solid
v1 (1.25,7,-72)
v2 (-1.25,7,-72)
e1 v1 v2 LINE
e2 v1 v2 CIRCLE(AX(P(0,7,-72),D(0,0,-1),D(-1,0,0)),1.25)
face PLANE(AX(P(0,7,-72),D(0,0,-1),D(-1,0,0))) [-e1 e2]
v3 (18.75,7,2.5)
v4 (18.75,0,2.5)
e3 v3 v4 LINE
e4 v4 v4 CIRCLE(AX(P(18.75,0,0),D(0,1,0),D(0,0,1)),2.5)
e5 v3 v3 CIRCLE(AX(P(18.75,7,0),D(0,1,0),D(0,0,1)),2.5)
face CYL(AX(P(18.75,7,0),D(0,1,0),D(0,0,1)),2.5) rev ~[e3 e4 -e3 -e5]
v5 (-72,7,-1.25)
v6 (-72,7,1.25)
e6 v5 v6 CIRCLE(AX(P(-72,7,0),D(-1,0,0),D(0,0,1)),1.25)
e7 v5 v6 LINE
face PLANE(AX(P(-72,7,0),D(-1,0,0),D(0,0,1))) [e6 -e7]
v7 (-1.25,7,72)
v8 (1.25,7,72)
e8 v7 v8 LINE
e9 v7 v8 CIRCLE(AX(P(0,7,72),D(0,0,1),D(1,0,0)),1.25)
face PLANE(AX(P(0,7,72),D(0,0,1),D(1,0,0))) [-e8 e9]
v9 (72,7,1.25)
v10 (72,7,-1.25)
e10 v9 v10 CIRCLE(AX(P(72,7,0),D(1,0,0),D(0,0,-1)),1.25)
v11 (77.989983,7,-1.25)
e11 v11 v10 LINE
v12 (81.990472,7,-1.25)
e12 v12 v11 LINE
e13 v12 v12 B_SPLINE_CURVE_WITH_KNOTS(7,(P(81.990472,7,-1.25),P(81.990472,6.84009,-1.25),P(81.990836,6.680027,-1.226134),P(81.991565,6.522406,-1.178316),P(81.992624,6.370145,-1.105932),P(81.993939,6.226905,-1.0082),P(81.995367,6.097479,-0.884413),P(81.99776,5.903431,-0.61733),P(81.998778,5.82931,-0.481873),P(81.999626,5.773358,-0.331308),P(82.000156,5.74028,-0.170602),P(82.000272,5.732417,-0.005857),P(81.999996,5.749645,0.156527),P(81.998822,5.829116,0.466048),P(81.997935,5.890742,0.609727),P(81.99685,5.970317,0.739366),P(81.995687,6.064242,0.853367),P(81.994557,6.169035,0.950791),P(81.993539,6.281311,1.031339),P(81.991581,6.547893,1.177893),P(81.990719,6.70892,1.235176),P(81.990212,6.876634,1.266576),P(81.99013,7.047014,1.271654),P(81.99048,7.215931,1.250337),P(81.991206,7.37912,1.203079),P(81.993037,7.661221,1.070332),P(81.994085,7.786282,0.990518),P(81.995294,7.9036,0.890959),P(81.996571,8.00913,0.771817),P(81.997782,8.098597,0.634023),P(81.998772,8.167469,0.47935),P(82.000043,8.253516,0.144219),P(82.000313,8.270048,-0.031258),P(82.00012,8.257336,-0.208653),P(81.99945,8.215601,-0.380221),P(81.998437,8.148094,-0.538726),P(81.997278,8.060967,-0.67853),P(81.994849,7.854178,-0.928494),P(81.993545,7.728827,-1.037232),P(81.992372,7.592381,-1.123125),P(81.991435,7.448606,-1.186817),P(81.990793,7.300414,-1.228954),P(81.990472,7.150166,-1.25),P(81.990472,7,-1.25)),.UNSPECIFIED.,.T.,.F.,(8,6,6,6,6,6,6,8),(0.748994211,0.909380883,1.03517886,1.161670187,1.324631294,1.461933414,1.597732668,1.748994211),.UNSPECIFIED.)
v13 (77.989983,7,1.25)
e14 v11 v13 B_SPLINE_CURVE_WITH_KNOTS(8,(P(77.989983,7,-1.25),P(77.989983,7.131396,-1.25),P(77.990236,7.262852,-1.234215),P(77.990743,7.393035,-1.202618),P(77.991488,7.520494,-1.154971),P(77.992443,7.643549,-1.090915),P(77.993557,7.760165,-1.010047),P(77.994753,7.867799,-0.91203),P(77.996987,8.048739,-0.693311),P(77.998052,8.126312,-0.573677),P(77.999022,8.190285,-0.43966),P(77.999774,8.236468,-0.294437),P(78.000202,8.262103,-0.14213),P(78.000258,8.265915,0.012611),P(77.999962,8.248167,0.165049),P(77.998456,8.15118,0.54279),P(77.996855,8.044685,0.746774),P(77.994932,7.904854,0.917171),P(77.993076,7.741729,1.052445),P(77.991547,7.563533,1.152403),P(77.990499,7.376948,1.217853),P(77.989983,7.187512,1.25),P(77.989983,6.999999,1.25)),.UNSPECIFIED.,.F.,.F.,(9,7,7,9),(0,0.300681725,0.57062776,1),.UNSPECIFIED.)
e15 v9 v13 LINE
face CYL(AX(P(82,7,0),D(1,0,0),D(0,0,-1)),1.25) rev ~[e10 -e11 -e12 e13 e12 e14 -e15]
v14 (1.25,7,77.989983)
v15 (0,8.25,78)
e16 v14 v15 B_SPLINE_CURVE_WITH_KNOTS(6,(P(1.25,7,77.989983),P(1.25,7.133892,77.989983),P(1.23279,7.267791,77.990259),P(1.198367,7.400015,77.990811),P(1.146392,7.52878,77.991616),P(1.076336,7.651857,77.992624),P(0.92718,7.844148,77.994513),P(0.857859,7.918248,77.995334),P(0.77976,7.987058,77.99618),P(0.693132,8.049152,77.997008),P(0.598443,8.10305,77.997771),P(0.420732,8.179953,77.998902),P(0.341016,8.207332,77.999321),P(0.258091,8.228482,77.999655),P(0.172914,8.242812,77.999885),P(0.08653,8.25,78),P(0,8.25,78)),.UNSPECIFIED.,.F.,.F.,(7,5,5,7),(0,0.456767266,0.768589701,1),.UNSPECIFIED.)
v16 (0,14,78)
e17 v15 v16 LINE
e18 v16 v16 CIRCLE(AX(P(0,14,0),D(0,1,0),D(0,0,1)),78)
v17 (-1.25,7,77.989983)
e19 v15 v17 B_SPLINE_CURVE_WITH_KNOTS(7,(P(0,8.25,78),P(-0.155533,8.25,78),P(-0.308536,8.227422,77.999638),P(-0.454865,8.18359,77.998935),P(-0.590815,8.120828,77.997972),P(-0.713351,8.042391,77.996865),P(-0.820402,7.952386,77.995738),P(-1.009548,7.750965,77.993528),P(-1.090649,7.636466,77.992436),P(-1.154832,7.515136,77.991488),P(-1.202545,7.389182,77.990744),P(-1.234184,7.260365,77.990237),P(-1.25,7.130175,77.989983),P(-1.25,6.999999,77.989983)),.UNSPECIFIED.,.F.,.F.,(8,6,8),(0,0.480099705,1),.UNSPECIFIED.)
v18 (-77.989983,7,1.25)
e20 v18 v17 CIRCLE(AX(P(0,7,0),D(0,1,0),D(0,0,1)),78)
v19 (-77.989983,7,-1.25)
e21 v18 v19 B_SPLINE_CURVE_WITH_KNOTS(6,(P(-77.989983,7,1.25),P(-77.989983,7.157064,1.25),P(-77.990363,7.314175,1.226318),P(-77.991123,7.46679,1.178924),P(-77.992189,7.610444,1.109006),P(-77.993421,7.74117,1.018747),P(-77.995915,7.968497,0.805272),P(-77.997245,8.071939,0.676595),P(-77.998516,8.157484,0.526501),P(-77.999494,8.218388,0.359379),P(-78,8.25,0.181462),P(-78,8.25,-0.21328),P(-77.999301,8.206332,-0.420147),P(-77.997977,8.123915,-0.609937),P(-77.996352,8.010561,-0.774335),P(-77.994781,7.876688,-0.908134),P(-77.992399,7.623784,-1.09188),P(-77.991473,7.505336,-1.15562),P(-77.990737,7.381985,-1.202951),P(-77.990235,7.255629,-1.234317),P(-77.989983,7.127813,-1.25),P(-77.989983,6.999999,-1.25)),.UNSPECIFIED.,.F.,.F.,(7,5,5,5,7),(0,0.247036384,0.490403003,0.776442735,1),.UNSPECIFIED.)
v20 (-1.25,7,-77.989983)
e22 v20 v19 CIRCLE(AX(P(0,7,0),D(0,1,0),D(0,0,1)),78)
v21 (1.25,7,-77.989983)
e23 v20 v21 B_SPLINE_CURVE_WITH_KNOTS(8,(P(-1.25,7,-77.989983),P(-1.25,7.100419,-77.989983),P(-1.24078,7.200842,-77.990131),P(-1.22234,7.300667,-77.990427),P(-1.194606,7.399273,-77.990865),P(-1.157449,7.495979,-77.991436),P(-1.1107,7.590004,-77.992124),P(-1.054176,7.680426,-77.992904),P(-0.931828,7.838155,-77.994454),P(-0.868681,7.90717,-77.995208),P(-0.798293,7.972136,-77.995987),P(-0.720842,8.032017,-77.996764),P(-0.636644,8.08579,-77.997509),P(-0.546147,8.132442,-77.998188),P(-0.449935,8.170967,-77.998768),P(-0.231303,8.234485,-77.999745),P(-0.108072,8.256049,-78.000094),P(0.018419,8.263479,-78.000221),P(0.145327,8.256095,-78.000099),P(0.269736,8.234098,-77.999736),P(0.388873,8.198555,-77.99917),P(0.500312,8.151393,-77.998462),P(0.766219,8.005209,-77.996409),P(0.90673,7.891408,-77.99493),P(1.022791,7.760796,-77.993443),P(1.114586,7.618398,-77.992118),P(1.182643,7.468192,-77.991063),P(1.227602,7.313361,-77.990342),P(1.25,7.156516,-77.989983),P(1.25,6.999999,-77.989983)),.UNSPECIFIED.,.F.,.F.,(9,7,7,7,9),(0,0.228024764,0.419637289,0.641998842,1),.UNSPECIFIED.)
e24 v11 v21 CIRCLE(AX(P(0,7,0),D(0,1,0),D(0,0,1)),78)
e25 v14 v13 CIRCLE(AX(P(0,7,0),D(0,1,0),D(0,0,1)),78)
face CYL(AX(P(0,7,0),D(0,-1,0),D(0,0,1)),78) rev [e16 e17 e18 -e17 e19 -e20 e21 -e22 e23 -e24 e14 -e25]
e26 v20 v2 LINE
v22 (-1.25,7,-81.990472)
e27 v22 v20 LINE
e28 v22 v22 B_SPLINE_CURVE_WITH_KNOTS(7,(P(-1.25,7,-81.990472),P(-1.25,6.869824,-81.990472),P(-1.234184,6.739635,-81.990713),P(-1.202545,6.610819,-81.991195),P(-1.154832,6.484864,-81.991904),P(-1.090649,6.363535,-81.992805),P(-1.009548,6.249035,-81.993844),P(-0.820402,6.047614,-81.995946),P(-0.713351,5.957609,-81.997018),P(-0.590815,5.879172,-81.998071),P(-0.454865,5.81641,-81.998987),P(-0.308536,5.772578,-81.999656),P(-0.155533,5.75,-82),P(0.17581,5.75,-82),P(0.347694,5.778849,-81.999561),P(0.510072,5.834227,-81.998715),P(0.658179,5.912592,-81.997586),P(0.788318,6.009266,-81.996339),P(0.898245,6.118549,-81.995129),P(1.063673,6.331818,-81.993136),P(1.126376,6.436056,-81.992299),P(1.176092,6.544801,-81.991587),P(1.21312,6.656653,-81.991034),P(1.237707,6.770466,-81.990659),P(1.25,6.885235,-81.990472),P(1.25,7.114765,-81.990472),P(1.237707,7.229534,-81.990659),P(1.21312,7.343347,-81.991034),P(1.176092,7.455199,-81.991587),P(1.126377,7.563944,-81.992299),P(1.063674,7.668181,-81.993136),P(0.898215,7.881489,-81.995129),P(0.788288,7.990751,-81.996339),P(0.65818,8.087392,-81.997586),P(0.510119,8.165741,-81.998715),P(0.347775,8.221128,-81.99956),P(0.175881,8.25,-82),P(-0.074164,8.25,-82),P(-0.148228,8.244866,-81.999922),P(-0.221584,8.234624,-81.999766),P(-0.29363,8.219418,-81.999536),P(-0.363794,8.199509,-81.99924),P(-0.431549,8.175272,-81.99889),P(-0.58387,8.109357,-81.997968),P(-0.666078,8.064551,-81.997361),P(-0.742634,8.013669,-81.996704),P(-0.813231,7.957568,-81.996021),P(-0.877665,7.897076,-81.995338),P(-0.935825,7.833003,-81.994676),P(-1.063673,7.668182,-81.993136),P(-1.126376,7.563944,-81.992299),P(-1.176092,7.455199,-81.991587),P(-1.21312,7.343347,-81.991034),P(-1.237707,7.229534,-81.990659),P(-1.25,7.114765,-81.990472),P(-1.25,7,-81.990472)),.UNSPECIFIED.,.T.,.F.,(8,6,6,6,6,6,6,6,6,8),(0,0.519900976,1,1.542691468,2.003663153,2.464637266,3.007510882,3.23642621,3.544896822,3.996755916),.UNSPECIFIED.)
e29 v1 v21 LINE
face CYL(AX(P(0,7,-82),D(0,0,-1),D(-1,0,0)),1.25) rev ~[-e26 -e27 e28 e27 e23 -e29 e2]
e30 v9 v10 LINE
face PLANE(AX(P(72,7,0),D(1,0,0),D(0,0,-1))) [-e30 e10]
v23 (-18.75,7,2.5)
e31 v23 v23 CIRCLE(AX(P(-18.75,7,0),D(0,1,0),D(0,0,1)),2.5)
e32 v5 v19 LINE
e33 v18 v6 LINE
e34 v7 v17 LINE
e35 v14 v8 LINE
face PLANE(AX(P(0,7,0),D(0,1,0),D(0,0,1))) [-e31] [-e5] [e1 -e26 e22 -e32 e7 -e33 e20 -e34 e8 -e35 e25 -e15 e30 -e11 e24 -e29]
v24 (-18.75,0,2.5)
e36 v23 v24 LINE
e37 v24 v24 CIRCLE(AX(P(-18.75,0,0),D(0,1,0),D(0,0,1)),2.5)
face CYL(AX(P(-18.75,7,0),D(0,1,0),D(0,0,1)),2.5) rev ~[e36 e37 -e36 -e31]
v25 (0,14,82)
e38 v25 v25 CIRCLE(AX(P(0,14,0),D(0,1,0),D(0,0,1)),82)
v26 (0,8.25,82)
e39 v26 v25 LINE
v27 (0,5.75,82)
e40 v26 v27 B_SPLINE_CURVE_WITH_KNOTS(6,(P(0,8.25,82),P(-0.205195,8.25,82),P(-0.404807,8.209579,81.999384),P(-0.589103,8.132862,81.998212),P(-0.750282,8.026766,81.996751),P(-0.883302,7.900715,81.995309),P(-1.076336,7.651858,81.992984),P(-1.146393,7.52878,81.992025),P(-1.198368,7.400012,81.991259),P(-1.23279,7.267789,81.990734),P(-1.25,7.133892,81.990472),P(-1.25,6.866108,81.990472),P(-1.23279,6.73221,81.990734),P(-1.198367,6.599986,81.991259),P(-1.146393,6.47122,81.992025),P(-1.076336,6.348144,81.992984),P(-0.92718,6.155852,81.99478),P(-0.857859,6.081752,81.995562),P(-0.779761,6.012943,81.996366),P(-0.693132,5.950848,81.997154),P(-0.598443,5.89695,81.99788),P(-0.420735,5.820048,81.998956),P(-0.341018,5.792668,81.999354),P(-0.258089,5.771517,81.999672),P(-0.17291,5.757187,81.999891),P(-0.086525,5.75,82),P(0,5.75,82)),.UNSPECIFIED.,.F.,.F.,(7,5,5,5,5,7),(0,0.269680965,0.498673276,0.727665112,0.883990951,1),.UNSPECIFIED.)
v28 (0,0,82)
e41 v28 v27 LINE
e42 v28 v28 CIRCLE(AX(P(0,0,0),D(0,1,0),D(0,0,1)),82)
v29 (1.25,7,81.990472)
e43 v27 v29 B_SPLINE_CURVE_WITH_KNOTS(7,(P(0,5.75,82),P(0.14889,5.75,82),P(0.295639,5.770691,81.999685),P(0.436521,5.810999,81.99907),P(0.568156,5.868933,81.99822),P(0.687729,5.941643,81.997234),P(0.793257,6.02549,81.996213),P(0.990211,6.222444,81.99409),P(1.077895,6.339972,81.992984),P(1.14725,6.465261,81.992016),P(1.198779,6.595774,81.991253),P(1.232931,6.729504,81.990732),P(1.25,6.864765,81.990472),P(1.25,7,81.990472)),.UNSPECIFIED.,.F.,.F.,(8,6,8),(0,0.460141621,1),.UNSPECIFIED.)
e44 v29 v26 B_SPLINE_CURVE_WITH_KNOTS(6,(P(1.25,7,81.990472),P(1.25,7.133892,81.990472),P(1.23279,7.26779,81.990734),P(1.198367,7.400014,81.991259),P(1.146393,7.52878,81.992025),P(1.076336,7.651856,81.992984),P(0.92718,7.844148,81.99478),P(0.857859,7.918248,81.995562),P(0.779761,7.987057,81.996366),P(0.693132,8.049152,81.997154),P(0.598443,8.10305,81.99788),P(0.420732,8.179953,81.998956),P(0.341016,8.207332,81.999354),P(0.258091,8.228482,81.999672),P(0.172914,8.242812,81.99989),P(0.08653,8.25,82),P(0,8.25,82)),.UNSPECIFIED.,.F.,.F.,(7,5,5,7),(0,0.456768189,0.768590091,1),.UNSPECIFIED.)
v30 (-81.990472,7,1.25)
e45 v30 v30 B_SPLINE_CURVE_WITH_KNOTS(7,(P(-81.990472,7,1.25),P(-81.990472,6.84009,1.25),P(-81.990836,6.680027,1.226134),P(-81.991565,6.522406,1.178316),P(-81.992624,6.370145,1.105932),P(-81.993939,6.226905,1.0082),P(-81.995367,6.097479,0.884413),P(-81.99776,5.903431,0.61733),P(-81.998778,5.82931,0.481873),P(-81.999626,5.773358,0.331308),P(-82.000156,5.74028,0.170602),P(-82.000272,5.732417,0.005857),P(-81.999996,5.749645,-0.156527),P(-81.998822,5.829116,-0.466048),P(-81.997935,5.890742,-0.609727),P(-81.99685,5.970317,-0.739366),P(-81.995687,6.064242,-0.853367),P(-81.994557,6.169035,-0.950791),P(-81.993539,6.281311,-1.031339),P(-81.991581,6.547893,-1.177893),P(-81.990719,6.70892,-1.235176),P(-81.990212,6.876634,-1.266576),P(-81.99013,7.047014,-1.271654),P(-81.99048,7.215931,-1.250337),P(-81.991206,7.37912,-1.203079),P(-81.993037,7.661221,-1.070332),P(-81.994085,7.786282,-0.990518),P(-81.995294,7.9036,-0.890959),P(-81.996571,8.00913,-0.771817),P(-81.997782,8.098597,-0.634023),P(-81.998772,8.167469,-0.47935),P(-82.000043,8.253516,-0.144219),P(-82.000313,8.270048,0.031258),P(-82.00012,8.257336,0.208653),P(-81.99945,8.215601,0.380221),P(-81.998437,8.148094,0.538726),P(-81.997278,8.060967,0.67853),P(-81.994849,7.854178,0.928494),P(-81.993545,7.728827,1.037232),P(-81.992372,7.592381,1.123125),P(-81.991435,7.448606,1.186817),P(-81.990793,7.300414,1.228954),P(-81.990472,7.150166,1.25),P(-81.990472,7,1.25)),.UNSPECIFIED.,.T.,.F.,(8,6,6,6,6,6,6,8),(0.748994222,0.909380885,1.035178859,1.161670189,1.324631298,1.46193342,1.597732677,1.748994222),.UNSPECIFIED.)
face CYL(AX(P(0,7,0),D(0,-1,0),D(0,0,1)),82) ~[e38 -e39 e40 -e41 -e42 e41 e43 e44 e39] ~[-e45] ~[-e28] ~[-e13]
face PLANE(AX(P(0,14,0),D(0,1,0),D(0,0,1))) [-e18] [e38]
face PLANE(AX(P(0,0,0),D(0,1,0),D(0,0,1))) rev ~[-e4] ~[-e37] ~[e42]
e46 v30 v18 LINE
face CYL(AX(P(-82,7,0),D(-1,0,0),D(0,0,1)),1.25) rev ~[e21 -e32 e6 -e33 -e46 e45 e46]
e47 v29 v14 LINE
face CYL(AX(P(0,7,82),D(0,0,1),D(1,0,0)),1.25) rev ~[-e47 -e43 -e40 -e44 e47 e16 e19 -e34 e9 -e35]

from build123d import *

# Parameters (mm, degrees)
SKETCH1_R           = 82
BOSS_EXTRUDE1_DEPTH = 7
SKETCH2_R           = 2.5
CUT_EXTRUDE1_DEPTH  = 10
SKETCH3_R           = 82
SKETCH3_R_2         = 78
BOSS_EXTRUDE2_DEPTH = 7
SKETCH4_R           = 1.25
CUT_EXTRUDE3_DEPTH  = 10
CIRPATTERN1_COUNT   = 4


with BuildPart() as part:
    # Sketch1 → Boss-Extrude1 (new body)
    with BuildSketch(Plane(origin=(0, 0, 0), x_dir=(1, 0, 0), z_dir=(0, 1, 0))):
        with Locations(Location((0, 0, 0), (0, 0, 270))):
            Circle(SKETCH1_R)
    extrude(amount=BOSS_EXTRUDE1_DEPTH)

    # Sketch2 → Cut-Extrude1 (cut)
    with BuildSketch(Plane(origin=(0, 7, 0), x_dir=(1, 0, 0), z_dir=(0, 1, 0))):
        with Locations(Location((-18.75, 0, 0), (0, 0, 270))):
            Circle(SKETCH2_R)
        with Locations(Location((18.75, 0, 0), (0, 0, 270))):
            Circle(SKETCH2_R)
    extrude(amount=-CUT_EXTRUDE1_DEPTH, mode=Mode.SUBTRACT)

    # Sketch3 → Boss-Extrude2 (add)
    with BuildSketch(Plane(origin=(0, 7, 0), x_dir=(1, 0, 0), z_dir=(0, 1, 0))):
        with Locations(Location((0, 0, 0), (0, 0, 270))):
            Circle(SKETCH3_R)
        with Locations(Location((0, 0, 0), (0, 0, 270))):
            Circle(SKETCH3_R_2, mode=Mode.SUBTRACT)
    extrude(amount=BOSS_EXTRUDE2_DEPTH)

    # Sketch4 → Cut-Extrude3 (cut)
    with BuildSketch(Plane(origin=(82, 0, 0), x_dir=(0, 0, -1), z_dir=(1, 0, 0))):
        with Locations((0, 7)):
            Circle(SKETCH4_R)
    cut_extrude3 = extrude(amount=-CUT_EXTRUDE3_DEPTH, mode=Mode.SUBTRACT)

    # CirPattern1: Cut-Extrude3 ×4 about axis
    cirpattern1_axis = Axis((0, 0, 0), (0, 1, 0))
    for i in range(1, CIRPATTERN1_COUNT):
        add(cut_extrude3.rotate(cirpattern1_axis, i * 360 / CIRPATTERN1_COUNT), mode=Mode.SUBTRACT)


solid = part.part
